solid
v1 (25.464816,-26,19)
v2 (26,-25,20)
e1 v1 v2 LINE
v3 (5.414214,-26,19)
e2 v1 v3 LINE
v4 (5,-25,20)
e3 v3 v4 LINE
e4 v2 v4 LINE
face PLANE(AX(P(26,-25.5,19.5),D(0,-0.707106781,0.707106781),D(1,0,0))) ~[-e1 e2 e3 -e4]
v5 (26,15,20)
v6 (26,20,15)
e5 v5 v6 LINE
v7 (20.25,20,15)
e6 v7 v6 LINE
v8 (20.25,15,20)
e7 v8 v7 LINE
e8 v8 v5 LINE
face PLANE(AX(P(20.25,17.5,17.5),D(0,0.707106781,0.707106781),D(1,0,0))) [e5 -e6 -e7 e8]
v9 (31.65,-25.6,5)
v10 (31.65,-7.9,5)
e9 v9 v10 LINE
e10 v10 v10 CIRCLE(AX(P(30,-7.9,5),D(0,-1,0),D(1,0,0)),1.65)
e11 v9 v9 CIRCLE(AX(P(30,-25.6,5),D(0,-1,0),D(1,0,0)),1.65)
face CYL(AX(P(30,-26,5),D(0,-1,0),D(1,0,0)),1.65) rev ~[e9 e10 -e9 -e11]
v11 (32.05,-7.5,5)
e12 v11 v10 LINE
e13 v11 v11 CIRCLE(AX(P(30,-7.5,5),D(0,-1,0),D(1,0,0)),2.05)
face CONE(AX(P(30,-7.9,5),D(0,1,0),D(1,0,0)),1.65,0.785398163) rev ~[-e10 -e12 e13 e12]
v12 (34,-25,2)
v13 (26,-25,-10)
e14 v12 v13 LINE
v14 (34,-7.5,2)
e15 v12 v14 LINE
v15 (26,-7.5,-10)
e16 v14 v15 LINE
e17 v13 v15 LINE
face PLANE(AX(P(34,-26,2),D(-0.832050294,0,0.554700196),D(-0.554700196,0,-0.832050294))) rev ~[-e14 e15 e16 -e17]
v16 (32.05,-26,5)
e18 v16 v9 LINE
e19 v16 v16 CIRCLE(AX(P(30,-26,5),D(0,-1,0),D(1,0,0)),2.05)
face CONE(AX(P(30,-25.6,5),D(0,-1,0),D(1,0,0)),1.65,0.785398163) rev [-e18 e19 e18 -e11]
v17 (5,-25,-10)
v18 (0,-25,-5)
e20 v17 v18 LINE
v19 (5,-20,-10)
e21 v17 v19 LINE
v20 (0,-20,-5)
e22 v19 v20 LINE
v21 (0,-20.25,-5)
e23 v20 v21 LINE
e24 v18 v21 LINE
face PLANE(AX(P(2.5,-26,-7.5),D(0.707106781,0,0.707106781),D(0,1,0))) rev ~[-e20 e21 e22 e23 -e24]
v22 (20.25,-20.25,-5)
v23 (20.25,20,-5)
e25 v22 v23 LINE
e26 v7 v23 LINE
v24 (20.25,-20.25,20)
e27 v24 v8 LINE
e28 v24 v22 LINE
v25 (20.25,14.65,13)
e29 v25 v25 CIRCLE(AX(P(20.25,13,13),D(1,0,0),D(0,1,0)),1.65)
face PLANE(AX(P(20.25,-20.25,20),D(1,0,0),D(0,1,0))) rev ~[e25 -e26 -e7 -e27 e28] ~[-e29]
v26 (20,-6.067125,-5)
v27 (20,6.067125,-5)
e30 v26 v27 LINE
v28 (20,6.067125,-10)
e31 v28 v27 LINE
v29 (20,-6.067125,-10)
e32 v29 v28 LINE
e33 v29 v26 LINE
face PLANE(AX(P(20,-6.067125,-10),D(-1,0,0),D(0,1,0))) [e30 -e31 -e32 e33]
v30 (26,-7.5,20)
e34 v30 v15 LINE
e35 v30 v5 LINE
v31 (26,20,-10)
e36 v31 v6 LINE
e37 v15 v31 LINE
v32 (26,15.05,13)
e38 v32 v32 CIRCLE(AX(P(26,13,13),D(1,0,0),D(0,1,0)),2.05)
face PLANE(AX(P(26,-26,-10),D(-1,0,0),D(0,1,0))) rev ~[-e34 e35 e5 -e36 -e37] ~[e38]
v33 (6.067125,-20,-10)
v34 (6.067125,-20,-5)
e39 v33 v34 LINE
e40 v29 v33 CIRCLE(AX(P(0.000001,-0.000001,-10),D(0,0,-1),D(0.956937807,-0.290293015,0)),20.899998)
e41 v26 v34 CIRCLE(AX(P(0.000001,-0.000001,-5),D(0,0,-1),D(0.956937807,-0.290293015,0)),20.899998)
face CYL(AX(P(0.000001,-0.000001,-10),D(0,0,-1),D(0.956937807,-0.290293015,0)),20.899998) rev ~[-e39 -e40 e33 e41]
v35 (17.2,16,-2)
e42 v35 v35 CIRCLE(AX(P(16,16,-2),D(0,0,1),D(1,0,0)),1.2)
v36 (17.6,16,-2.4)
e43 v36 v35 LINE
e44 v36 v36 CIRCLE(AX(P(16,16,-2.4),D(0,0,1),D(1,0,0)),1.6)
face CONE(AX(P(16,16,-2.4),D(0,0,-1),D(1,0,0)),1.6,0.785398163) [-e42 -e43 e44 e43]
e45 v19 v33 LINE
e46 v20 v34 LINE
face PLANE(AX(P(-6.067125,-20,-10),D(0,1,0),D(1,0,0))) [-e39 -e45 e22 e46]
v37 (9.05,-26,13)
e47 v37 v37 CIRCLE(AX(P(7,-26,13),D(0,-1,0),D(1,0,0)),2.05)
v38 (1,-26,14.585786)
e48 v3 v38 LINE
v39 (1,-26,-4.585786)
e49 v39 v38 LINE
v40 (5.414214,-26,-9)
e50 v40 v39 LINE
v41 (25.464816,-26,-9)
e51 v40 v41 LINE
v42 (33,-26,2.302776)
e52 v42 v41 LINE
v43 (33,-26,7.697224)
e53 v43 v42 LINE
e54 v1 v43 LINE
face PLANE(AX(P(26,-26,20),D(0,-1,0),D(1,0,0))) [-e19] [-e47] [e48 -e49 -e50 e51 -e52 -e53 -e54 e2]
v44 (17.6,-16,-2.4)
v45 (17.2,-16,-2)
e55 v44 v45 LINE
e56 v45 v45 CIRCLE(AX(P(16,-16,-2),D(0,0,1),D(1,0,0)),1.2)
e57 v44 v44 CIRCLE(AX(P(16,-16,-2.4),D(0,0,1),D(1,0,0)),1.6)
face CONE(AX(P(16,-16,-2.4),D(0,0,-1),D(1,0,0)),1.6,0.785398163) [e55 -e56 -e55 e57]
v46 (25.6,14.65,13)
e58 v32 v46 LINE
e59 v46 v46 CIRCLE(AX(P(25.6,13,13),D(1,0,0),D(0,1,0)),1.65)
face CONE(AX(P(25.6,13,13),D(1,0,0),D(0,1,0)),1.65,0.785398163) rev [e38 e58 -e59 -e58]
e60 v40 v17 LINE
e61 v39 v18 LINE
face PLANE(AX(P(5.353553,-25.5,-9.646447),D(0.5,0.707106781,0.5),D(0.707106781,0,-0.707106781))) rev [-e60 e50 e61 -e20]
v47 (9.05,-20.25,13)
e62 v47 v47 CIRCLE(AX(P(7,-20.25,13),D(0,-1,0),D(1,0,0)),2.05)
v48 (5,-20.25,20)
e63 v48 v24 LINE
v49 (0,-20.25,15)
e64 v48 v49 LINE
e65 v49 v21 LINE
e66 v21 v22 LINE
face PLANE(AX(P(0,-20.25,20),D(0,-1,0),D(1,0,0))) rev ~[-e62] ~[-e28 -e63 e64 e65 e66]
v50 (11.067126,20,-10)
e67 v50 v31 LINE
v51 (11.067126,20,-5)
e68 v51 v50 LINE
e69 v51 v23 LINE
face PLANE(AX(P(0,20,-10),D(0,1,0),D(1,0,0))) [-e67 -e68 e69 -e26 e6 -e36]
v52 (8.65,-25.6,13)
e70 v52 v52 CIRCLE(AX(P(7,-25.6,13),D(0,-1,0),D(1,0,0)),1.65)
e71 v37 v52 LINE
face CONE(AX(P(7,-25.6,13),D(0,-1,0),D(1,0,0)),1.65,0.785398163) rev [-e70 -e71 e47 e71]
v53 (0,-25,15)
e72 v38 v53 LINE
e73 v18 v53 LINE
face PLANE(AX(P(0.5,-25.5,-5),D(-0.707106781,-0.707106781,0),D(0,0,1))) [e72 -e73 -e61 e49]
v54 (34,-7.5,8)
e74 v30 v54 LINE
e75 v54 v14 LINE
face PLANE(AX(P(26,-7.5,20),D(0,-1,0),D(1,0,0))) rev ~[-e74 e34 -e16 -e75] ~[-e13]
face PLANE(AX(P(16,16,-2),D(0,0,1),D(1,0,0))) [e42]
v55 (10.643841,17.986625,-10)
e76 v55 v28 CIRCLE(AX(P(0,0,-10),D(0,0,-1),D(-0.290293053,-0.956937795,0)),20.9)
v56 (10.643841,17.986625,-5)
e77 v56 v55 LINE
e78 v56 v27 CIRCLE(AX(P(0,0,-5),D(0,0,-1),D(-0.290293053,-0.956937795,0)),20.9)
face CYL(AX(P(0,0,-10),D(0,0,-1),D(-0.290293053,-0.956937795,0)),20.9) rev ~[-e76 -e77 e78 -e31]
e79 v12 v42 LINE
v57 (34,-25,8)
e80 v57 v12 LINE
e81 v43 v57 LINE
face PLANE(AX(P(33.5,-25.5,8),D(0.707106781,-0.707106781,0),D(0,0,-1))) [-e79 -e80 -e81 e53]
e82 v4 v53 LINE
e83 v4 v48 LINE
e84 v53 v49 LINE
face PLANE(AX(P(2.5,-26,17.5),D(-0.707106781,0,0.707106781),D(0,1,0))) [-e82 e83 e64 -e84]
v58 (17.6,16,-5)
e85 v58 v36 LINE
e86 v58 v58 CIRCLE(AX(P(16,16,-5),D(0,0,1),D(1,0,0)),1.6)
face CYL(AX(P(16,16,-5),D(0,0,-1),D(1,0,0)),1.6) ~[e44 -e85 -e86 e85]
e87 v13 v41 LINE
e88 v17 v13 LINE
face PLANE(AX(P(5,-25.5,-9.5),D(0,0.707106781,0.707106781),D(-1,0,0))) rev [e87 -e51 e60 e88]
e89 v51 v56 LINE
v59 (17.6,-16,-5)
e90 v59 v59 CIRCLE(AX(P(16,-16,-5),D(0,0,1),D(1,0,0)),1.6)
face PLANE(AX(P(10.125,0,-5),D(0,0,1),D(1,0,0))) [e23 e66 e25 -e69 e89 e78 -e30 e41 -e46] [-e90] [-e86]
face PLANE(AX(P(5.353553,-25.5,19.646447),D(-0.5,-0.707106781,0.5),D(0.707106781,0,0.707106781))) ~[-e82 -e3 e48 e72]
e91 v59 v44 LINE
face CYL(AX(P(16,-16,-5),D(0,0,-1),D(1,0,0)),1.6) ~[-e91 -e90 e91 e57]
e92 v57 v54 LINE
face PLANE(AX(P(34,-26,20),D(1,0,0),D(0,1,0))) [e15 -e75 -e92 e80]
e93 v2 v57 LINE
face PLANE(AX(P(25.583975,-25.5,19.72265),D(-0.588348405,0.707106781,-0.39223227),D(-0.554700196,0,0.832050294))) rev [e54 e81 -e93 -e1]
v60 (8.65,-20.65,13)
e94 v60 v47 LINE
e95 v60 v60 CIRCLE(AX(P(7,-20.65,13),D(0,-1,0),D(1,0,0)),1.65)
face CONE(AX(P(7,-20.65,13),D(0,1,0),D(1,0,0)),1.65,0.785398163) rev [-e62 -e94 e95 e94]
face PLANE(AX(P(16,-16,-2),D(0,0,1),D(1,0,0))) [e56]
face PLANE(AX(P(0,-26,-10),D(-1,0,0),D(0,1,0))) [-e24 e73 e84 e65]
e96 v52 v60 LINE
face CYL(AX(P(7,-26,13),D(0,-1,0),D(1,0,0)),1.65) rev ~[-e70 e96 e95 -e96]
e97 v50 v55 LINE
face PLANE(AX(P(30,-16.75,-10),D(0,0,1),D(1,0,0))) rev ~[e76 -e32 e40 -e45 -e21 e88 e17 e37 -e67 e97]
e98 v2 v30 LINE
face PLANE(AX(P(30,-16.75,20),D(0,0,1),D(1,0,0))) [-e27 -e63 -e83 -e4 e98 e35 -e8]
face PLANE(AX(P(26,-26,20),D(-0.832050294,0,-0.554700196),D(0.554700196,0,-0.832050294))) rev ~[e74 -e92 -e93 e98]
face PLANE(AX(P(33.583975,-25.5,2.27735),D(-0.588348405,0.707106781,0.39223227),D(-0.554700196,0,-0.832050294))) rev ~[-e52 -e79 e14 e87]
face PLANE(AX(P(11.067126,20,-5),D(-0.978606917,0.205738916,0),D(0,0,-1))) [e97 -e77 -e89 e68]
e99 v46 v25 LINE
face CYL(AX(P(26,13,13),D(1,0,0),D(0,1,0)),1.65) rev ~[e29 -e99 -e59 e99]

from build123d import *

# Parameters (mm, degrees)
SKETCH097_W              = 26
SKETCH097_H              = 46
PAD029_DEPTH             = 30
POCKET062_DEPTH          = 5
SKETCH099_W              = 20.25
SKETCH099_H              = 40.5
POCKET063_DEPTH          = 25
SKETCH100_R              = 1.6
PAD030_DEPTH             = 3
SKETCH101_W              = 8
SKETCH101_H              = 18.5
PAD031_DEPTH             = 30
POCKET064_DEPTH          = 46.001
SKETCH103_R              = 1.65
POCKET065_DEPTH          = 46.001
SKETCH104_R              = 1.65
POCKET066_DEPTH          = 26.001
CHAMFER009002001002_SIZE = 5
CHAMFER009002001003_SIZE = 5
CHAMFER009002001004_SIZE = 1
CHAMFER009002001005_SIZE = 0.4


with BuildPart() as part:
    # Sketch097 → Pad029 (new body)
    with BuildSketch(Plane.XY):
        with Locations((13, -3)):
            Rectangle(SKETCH097_W, SKETCH097_H)
    extrude(amount=PAD029_DEPTH)

    # Sketch098 (on Face5 of Pad029) → Pocket062 (cut)
    with BuildSketch(Plane(origin=(0, 0, 0), x_dir=(1, 0, 0), z_dir=(0, 0, -1))):
        with BuildLine():
            ThreePointArc((-6.067125, 20), (-14.778532, -14.778532), (20, -6.067125))
            Line((20, 6.067125), (20, -6.067125))
            ThreePointArc((20, 6.067125), (14.778532, 14.778532), (6.067125, 20))
            Line((-6.067125, 20), (6.067125, 20))
        make_face()
    extrude(amount=-POCKET062_DEPTH, mode=Mode.SUBTRACT)

    # Sketch099 (on Face6 of Pocket062) → Pocket063 (cut)
    with BuildSketch(Plane.XY.offset(30)):
        with Locations((10.125, 0)):
            Rectangle(SKETCH099_W, SKETCH099_H)
    extrude(amount=-POCKET063_DEPTH, mode=Mode.SUBTRACT)

    # Sketch100 (on Face7 of Pocket063) → Pad030 (join)
    with BuildSketch(Plane.XY.offset(5)):
        with Locations((16, 16)):
            Circle(SKETCH100_R)
        with Locations((16, -16)):
            Circle(SKETCH100_R)
    extrude(amount=PAD030_DEPTH)

    # Sketch101 (on Face5 of Pad030) → Pad031 (join)
    with BuildSketch(Plane.XY.offset(30)):
        with Locations((30, -16.75)):
            Rectangle(SKETCH101_W, SKETCH101_H)
    extrude(amount=-PAD031_DEPTH)

    # Sketch102 (on Face19 of Pad031) → Pocket064 (cut, through all)
    with BuildSketch(Plane.XZ.offset(26)):
        Polygon((34, 12), (26, 0), (34, 0), align=None)
        Polygon((34, 30), (26, 30), (34, 18), align=None)
    extrude(amount=-POCKET064_DEPTH, mode=Mode.SUBTRACT)

    # Sketch103 (on Face21 of Pocket064) → Pocket065 (cut, through all)
    with BuildSketch(Plane.XZ.offset(26)):
        with Locations((7, 23)):
            Circle(SKETCH103_R)
        with Locations((30, 15)):
            Circle(SKETCH103_R)
    extrude(amount=-POCKET065_DEPTH, mode=Mode.SUBTRACT)

    # Sketch104 (on Face4 of Pocket065) → Pocket066 (cut, through all)
    with BuildSketch(Plane.YZ.offset(26)):
        with Locations((13, 23)):
            Circle(SKETCH104_R)
    extrude(amount=-POCKET066_DEPTH, mode=Mode.SUBTRACT)

    # Chamfer009002001002
    chamfer009002001002_edges = [part.edges().sort_by_distance(p)[0] for p in [
        (0, -23.125, 30),
        (23.125, 20, 30),
        (0, -23, 0),
    ]]
    chamfer(chamfer009002001002_edges, length=CHAMFER009002001002_SIZE)

    # Chamfer009002001003
    chamfer009002001003_edges = [part.edges().sort_by_distance(p)[0] for p in [
        (6.067125, 20, 2.5),
    ]]
    chamfer(chamfer009002001003_edges, length=CHAMFER009002001003_SIZE)

    # Chamfer009002001004
    chamfer009002001004_edges = [part.edges().sort_by_distance(p)[0] for p in [
        (0, -26, 15),
        (2.5, -26, 2.5),
        (15.5, -26, 0),
        (30, -26, 6),
        (34, -26, 15),
        (30, -26, 24),
        (2.5, -26, 27.5),
        (15.5, -26, 30),
    ]]
    chamfer(chamfer009002001004_edges, length=CHAMFER009002001004_SIZE)

    # Chamfer009002001005
    chamfer009002001005_edges = [part.edges().sort_by_distance(p)[0] for p in [
        (5.35, -26, 23),
        (28.35, -26, 15),
        (28.35, -7.5, 15),
        (26, 11.35, 23),
        (14.4, 16, 8),
        (14.4, -16, 8),
        (5.35, -20.25, 23),
    ]]
    chamfer(chamfer009002001005_edges, length=CHAMFER009002001005_SIZE)


with BuildPart() as part_1:
    # Body011 placement: moved
    add(part.part.moved(Location((0, 0, -10))))


solid = part_1.part
